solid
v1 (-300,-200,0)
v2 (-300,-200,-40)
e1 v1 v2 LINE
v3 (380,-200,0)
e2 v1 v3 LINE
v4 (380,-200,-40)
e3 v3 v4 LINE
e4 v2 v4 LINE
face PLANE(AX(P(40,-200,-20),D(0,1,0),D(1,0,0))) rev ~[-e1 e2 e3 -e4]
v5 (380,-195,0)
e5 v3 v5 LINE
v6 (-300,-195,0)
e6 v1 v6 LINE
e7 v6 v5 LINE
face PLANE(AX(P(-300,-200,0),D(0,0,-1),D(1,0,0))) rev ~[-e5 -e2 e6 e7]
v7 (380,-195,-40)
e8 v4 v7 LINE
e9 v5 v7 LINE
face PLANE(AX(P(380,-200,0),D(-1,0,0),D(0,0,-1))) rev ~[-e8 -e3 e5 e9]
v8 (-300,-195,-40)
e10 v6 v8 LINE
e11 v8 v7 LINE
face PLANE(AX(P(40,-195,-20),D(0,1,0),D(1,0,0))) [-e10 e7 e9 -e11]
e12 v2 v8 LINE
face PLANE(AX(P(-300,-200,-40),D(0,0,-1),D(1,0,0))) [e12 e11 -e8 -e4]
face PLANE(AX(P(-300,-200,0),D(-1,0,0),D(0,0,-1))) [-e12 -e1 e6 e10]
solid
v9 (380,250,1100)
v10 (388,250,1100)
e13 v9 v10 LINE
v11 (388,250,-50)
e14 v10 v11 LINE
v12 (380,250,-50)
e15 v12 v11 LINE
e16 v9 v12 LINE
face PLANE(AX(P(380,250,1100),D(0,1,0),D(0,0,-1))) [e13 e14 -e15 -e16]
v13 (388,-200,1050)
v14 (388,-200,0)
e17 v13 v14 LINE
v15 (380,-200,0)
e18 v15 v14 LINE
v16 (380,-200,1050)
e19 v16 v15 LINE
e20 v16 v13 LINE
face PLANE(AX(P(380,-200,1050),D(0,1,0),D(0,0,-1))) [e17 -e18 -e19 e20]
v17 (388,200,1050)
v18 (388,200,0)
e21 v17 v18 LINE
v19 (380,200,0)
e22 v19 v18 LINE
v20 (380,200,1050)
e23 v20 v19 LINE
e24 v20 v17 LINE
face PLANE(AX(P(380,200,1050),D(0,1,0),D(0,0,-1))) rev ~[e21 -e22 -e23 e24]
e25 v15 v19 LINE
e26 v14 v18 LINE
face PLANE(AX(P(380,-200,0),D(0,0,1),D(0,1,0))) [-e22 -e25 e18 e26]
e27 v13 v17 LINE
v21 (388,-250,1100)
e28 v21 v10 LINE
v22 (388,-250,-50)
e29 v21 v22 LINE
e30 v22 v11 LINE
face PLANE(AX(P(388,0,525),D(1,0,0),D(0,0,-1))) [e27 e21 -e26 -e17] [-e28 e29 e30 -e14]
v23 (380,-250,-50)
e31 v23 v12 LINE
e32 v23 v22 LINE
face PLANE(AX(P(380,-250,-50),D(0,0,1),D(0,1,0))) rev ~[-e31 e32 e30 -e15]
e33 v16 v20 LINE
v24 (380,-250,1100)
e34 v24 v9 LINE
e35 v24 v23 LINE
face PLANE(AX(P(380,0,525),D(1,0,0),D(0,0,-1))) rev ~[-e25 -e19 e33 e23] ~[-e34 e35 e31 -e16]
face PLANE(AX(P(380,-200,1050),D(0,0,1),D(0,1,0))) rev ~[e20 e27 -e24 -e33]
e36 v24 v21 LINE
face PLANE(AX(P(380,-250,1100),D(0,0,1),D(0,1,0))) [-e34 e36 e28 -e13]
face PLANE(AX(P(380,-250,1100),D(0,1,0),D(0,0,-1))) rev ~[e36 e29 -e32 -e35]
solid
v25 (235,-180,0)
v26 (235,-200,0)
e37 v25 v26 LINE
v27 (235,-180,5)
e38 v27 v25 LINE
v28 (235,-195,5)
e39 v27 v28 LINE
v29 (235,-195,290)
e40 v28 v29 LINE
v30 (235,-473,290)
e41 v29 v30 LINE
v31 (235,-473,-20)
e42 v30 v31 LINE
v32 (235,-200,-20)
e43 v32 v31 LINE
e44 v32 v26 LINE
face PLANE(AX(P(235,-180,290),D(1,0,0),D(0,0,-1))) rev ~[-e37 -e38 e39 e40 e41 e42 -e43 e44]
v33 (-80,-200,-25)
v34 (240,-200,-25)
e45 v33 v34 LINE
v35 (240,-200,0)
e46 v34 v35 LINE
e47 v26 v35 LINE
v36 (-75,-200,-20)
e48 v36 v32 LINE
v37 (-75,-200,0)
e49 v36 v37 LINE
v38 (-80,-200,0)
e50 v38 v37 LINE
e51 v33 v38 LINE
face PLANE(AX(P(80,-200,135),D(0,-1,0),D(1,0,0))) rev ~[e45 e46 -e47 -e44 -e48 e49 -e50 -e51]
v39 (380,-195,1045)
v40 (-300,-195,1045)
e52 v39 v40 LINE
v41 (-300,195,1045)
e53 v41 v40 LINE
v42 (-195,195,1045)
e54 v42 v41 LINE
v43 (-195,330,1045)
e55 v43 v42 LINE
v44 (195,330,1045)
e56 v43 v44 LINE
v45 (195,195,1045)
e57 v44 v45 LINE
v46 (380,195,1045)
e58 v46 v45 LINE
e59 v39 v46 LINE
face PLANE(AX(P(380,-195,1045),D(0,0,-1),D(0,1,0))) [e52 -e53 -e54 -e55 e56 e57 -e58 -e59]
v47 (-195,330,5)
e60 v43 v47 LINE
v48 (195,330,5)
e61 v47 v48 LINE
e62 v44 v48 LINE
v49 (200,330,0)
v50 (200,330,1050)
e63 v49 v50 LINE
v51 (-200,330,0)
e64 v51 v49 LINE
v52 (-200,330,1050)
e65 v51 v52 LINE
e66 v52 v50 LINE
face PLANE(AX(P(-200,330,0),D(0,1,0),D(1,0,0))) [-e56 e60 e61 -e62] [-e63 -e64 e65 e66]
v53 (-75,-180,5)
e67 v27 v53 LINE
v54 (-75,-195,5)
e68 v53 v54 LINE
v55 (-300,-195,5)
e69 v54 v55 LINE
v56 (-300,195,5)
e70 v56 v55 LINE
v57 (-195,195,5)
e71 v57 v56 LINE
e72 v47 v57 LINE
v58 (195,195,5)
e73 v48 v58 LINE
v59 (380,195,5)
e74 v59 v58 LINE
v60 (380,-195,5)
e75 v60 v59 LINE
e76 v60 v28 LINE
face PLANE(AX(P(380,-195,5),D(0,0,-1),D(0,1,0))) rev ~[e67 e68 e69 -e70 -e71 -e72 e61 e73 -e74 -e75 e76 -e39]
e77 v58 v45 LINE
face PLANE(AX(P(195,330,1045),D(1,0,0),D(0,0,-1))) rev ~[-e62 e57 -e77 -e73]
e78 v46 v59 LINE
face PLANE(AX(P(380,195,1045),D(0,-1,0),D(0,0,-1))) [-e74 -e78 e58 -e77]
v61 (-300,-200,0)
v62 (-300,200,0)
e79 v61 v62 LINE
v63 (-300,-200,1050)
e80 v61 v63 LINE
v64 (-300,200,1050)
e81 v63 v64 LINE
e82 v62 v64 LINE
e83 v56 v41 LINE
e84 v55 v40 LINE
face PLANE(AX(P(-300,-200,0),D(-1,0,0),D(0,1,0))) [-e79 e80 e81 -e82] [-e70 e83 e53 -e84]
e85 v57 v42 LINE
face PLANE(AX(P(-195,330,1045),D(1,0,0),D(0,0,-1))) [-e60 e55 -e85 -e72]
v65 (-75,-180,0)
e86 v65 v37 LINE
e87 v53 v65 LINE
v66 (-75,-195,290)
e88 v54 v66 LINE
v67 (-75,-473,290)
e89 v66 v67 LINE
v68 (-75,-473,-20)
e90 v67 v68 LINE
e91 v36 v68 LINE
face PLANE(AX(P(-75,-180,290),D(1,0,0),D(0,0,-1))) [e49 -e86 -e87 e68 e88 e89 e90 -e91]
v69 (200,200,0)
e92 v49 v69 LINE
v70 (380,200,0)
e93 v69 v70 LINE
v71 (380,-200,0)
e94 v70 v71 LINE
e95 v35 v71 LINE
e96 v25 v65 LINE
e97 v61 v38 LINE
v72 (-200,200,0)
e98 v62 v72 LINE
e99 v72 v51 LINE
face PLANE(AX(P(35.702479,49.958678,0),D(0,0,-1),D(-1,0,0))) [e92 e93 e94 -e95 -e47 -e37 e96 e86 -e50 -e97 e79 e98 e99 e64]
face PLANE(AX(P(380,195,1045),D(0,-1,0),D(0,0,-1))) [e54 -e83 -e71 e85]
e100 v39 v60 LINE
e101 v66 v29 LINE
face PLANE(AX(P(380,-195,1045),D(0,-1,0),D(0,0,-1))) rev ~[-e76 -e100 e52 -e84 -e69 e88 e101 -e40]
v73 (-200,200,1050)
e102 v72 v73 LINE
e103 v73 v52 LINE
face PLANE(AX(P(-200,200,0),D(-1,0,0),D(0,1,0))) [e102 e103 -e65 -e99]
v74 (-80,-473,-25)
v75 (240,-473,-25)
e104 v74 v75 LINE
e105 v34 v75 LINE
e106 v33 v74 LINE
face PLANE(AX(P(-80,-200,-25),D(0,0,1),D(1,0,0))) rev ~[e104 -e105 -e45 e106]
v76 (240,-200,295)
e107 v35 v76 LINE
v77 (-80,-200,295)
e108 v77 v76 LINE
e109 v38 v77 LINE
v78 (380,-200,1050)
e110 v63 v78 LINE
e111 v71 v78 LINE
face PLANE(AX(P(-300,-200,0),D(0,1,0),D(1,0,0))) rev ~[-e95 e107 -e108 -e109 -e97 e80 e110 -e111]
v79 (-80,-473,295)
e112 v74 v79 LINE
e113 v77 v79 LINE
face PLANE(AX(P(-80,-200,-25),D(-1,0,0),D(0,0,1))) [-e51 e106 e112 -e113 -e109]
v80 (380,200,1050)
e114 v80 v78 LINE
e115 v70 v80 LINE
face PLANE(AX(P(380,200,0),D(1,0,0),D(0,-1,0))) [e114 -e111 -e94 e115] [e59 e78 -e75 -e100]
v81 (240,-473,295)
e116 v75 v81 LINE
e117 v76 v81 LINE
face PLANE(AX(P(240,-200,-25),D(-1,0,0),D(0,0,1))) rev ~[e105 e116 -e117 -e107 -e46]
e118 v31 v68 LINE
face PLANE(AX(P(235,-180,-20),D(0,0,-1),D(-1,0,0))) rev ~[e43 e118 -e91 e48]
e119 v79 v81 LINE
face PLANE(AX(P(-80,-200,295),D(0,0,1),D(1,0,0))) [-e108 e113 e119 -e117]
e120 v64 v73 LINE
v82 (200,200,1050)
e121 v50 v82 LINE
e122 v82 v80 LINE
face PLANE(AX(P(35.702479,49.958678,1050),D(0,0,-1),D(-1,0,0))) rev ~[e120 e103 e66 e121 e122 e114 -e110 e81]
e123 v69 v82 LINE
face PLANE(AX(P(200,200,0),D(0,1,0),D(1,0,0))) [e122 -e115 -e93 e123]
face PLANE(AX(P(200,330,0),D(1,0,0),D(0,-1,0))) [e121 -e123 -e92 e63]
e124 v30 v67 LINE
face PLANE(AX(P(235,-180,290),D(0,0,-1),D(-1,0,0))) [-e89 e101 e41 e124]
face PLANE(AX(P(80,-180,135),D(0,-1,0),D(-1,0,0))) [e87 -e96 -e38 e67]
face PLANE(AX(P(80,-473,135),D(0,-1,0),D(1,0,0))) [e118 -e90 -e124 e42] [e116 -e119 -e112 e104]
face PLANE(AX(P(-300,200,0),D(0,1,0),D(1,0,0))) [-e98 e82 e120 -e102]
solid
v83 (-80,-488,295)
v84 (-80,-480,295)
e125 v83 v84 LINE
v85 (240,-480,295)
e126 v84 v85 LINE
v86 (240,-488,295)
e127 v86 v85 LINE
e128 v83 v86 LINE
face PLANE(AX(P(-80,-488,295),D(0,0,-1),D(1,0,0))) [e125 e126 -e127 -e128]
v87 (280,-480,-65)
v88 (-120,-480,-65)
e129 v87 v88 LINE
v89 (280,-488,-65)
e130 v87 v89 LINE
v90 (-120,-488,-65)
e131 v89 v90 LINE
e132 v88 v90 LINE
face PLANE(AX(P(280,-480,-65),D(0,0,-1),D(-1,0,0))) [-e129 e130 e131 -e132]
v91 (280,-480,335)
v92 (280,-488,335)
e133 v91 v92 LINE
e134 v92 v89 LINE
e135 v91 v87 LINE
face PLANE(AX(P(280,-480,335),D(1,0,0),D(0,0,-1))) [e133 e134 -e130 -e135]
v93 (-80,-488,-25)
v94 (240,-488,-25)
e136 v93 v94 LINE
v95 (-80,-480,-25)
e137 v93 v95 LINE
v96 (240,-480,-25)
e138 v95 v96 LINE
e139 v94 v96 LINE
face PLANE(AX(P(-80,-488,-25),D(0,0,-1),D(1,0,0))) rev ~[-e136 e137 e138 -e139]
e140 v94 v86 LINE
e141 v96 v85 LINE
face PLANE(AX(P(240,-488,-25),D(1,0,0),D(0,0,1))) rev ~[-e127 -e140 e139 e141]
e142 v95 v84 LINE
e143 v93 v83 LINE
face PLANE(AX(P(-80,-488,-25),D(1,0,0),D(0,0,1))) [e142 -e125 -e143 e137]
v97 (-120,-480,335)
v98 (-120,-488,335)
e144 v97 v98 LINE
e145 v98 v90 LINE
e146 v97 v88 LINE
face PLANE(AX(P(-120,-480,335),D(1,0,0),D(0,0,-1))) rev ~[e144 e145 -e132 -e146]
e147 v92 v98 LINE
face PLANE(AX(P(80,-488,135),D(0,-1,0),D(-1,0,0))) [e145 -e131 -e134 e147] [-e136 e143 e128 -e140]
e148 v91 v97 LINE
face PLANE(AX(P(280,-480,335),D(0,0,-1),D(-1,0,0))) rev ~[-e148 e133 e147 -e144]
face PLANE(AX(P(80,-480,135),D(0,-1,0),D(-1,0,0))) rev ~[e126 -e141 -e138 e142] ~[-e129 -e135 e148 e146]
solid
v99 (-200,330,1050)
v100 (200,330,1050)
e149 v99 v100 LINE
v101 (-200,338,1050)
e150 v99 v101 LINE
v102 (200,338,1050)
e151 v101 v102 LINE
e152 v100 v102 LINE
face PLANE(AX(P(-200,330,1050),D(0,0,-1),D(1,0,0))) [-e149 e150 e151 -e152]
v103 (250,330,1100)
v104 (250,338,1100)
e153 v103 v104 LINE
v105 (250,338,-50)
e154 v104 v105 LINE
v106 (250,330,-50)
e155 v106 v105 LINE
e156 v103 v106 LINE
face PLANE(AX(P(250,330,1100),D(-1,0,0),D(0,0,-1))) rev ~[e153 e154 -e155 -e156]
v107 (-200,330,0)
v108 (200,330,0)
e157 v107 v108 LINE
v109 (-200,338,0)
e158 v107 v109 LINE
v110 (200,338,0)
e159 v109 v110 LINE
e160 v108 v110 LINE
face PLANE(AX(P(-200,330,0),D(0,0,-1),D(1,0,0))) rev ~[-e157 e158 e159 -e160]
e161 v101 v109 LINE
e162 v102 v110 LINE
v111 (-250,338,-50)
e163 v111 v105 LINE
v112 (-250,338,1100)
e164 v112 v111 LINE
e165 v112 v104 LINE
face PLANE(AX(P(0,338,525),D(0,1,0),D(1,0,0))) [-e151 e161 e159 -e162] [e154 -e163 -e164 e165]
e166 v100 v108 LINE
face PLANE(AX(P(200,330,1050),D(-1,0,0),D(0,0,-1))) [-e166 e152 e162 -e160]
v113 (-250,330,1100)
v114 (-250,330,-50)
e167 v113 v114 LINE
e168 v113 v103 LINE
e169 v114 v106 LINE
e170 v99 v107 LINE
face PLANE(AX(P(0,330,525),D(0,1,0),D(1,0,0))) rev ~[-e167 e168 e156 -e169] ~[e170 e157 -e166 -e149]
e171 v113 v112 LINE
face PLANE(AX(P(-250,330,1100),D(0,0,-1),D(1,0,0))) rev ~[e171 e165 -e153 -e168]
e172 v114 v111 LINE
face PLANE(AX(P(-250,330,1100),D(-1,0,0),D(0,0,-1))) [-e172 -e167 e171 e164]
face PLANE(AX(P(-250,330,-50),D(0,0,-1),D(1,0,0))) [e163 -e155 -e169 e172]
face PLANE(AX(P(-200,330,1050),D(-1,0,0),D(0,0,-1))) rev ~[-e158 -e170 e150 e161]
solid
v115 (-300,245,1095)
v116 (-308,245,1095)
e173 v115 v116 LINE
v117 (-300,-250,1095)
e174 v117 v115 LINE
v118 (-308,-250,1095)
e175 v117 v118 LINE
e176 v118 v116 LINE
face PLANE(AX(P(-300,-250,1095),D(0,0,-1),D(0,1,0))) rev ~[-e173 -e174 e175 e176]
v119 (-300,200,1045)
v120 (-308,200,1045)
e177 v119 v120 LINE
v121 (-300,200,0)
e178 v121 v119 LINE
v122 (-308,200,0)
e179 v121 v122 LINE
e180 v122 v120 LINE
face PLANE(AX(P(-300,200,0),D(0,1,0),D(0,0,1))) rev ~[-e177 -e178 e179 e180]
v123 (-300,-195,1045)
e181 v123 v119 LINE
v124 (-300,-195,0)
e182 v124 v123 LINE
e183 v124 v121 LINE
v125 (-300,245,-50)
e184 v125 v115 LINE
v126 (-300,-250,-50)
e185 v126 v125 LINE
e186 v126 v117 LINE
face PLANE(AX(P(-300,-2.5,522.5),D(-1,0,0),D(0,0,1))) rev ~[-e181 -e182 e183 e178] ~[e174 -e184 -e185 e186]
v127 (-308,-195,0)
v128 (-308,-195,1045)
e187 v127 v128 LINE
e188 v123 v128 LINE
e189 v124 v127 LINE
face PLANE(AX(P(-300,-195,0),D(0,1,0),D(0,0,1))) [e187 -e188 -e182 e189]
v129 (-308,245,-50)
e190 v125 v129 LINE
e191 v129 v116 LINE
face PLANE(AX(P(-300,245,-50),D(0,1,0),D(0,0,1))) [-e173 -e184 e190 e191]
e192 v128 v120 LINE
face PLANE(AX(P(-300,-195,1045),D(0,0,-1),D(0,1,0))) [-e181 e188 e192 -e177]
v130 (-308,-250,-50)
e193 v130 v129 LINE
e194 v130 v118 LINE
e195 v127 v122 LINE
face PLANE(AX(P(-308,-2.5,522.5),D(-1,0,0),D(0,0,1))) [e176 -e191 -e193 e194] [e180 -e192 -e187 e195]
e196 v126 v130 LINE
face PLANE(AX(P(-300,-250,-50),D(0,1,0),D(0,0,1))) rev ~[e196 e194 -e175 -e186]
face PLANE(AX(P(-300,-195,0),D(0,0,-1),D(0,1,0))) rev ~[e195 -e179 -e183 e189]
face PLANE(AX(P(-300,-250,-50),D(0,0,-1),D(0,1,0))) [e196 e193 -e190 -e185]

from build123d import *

# Parameters (mm, degrees)
BOSS_EXTRUDE1_DEPTH     = 1050
SKETCH4_W               = 320
SKETCH4_H               = 320
BOSS_EXTRUDE2_DEPTH     = 280
SKETCH5_W               = 1150
SKETCH5_H               = 500
SKETCH5_W_2             = 1050
SKETCH5_H_2             = 400
BOSS_EXTRUDE3_DEPTH     = 8
SKETCH6_W               = 1040
SKETCH6_H               = 390
CUT_EXTRUDE1_DEPTH      = 690
SKETCH7_W               = 500
SKETCH7_H               = 1150
SKETCH7_W_2             = 400
SKETCH7_H_2             = 1050
BOSS_EXTRUDE4_DEPTH     = 8
SKETCH11_W              = 1145
SKETCH11_H              = 495
SKETCH11_W_2            = 1045
SKETCH11_H_2            = 395
BOSS_EXTRUDE8_DEPTH     = 8
SKETCH12_W              = 390
SKETCH12_H              = 1040
CUT_EXTRUDE4_DEPTH      = 300
CUT_EXTRUDE5_DEPTH      = 1425.664170954
CUT_EXTRUDE5_DEPTH_BACK = 300
SKETCH14_W              = 310
SKETCH14_H              = 310
SKETCH15_W              = 400
SKETCH15_H              = 400
BOSS_EXTRUDE9_DEPTH     = 8
SKETCH17_W              = 680
SKETCH17_H              = 40
BOSS_EXTRUDE13_DEPTH    = 5
SKETCH18_W              = 320
SKETCH18_H              = 320
CUT_EXTRUDE6_DEPTH      = 15


with BuildPart() as part:
    # Sketch2 → Boss-Extrude1 (new body)
    with BuildSketch(Plane.XY):
        Polygon((200, 200), (380, 200), (380, -200), (200, -200), (-200, -200), (-300, -200), (-300, 200), (-200, 200), (-200, 330), (200, 330), align=None)
    extrude(amount=BOSS_EXTRUDE1_DEPTH)

    # Sketch4 → Boss-Extrude2 (add)
    with BuildSketch(Plane.XZ.offset(200)):
        with Locations((80, 135)):
            Rectangle(SKETCH4_W, SKETCH4_H)
    extrude(amount=BOSS_EXTRUDE2_DEPTH)

    # Sketch6 → Cut-Extrude1 (cut)
    with BuildSketch(Plane(origin=(380, 0, 0), x_dir=(0, 0, -1), z_dir=(1, 0, 0))):
        with Locations((-525, 0)):
            Rectangle(SKETCH6_W, SKETCH6_H)
    extrude(amount=-CUT_EXTRUDE1_DEPTH, mode=Mode.SUBTRACT)

    # Sketch12 → Cut-Extrude4 (cut)
    with BuildSketch(Plane(origin=(0, 330, 0), x_dir=(1, 0, 0), z_dir=(0, 1, 0))):
        with Locations((0, -525)):
            Rectangle(SKETCH12_W, SKETCH12_H)
    extrude(amount=-CUT_EXTRUDE4_DEPTH, mode=Mode.SUBTRACT)

    # Sketch14 → Cut-Extrude5 (cut, two sides: drawn at the far end of the back side and taken through both)
    with BuildSketch(Plane(origin=(0, -480, 0), x_dir=(-1, 0, 0), z_dir=(0, -1, 0)).offset(-CUT_EXTRUDE5_DEPTH_BACK)):
        with Locations((-80, -135)):
            Rectangle(SKETCH14_W, SKETCH14_H)
    extrude(amount=CUT_EXTRUDE5_DEPTH + CUT_EXTRUDE5_DEPTH_BACK, mode=Mode.SUBTRACT)

    # Sketch15 → Boss-Extrude9 (add)
    with BuildSketch(Plane(origin=(0, -480, 0), x_dir=(-1, 0, 0), z_dir=(0, -1, 0))):
        with Locations((-80, -135)):
            Rectangle(SKETCH15_W, SKETCH15_H)
    extrude(amount=BOSS_EXTRUDE9_DEPTH)

    # Sketch18 → Cut-Extrude6 (cut)
    with BuildSketch(Plane.XZ.offset(488)):
        with Locations((80, 135)):
            Rectangle(SKETCH18_W, SKETCH18_H)
    extrude(amount=-CUT_EXTRUDE6_DEPTH, mode=Mode.SUBTRACT)


with BuildPart() as body_2:
    # Sketch5 → Boss-Extrude3 (new body)
    with BuildSketch(Plane(origin=(380, 0, 0), x_dir=(0, 0, -1), z_dir=(1, 0, 0))):
        with Locations((-525, 0)):
            Rectangle(SKETCH5_W, SKETCH5_H)
        with Locations((-525, 0)):
            Rectangle(SKETCH5_W_2, SKETCH5_H_2, mode=Mode.SUBTRACT)
    extrude(amount=BOSS_EXTRUDE3_DEPTH)


with BuildPart() as body_3:
    # Sketch7 → Boss-Extrude4 (new body)
    with BuildSketch(Plane(origin=(0, 330, 0), x_dir=(1, 0, 0), z_dir=(0, 1, 0))):
        with Locations((0, -525)):
            Rectangle(SKETCH7_W, SKETCH7_H)
        with Locations((0, -525)):
            Rectangle(SKETCH7_W_2, SKETCH7_H_2, mode=Mode.SUBTRACT)
    extrude(amount=BOSS_EXTRUDE4_DEPTH)


with BuildPart() as body_4:
    # Sketch11 → Boss-Extrude8 (new body)
    with BuildSketch(Plane.ZY.offset(300)):
        with Locations((522.5, -2.5)):
            Rectangle(SKETCH11_W, SKETCH11_H)
        with Locations((522.5, 2.5)):
            Rectangle(SKETCH11_W_2, SKETCH11_H_2, mode=Mode.SUBTRACT)
    extrude(amount=BOSS_EXTRUDE8_DEPTH)


with BuildPart() as body_5:
    # Sketch17 → Boss-Extrude13 (new body)
    with BuildSketch(Plane(origin=(0, -200, 0), x_dir=(1, 0, 0), z_dir=(0, 1, 0))):
        with Locations((40, 20)):
            Rectangle(SKETCH17_W, SKETCH17_H)
    extrude(amount=BOSS_EXTRUDE13_DEPTH)


with BuildPart() as cut_extrude6_piece_1:
    # of the separate pieces the step leaves, piece 1, a body of its own (cut_extrude6_pieces)
    add(part.part.solids().sort_by_distance((-80, -200, -25))[0])


with BuildPart() as cut_extrude6_piece_2:
    # of the separate pieces the step leaves, piece 2, a body of its own (cut_extrude6_pieces)
    add(part.part.solids().sort_by_distance((-120, -480, 335))[0])


solid = Compound([body_2.part, body_3.part, body_4.part, body_5.part, cut_extrude6_piece_1.part, cut_extrude6_piece_2.part])
